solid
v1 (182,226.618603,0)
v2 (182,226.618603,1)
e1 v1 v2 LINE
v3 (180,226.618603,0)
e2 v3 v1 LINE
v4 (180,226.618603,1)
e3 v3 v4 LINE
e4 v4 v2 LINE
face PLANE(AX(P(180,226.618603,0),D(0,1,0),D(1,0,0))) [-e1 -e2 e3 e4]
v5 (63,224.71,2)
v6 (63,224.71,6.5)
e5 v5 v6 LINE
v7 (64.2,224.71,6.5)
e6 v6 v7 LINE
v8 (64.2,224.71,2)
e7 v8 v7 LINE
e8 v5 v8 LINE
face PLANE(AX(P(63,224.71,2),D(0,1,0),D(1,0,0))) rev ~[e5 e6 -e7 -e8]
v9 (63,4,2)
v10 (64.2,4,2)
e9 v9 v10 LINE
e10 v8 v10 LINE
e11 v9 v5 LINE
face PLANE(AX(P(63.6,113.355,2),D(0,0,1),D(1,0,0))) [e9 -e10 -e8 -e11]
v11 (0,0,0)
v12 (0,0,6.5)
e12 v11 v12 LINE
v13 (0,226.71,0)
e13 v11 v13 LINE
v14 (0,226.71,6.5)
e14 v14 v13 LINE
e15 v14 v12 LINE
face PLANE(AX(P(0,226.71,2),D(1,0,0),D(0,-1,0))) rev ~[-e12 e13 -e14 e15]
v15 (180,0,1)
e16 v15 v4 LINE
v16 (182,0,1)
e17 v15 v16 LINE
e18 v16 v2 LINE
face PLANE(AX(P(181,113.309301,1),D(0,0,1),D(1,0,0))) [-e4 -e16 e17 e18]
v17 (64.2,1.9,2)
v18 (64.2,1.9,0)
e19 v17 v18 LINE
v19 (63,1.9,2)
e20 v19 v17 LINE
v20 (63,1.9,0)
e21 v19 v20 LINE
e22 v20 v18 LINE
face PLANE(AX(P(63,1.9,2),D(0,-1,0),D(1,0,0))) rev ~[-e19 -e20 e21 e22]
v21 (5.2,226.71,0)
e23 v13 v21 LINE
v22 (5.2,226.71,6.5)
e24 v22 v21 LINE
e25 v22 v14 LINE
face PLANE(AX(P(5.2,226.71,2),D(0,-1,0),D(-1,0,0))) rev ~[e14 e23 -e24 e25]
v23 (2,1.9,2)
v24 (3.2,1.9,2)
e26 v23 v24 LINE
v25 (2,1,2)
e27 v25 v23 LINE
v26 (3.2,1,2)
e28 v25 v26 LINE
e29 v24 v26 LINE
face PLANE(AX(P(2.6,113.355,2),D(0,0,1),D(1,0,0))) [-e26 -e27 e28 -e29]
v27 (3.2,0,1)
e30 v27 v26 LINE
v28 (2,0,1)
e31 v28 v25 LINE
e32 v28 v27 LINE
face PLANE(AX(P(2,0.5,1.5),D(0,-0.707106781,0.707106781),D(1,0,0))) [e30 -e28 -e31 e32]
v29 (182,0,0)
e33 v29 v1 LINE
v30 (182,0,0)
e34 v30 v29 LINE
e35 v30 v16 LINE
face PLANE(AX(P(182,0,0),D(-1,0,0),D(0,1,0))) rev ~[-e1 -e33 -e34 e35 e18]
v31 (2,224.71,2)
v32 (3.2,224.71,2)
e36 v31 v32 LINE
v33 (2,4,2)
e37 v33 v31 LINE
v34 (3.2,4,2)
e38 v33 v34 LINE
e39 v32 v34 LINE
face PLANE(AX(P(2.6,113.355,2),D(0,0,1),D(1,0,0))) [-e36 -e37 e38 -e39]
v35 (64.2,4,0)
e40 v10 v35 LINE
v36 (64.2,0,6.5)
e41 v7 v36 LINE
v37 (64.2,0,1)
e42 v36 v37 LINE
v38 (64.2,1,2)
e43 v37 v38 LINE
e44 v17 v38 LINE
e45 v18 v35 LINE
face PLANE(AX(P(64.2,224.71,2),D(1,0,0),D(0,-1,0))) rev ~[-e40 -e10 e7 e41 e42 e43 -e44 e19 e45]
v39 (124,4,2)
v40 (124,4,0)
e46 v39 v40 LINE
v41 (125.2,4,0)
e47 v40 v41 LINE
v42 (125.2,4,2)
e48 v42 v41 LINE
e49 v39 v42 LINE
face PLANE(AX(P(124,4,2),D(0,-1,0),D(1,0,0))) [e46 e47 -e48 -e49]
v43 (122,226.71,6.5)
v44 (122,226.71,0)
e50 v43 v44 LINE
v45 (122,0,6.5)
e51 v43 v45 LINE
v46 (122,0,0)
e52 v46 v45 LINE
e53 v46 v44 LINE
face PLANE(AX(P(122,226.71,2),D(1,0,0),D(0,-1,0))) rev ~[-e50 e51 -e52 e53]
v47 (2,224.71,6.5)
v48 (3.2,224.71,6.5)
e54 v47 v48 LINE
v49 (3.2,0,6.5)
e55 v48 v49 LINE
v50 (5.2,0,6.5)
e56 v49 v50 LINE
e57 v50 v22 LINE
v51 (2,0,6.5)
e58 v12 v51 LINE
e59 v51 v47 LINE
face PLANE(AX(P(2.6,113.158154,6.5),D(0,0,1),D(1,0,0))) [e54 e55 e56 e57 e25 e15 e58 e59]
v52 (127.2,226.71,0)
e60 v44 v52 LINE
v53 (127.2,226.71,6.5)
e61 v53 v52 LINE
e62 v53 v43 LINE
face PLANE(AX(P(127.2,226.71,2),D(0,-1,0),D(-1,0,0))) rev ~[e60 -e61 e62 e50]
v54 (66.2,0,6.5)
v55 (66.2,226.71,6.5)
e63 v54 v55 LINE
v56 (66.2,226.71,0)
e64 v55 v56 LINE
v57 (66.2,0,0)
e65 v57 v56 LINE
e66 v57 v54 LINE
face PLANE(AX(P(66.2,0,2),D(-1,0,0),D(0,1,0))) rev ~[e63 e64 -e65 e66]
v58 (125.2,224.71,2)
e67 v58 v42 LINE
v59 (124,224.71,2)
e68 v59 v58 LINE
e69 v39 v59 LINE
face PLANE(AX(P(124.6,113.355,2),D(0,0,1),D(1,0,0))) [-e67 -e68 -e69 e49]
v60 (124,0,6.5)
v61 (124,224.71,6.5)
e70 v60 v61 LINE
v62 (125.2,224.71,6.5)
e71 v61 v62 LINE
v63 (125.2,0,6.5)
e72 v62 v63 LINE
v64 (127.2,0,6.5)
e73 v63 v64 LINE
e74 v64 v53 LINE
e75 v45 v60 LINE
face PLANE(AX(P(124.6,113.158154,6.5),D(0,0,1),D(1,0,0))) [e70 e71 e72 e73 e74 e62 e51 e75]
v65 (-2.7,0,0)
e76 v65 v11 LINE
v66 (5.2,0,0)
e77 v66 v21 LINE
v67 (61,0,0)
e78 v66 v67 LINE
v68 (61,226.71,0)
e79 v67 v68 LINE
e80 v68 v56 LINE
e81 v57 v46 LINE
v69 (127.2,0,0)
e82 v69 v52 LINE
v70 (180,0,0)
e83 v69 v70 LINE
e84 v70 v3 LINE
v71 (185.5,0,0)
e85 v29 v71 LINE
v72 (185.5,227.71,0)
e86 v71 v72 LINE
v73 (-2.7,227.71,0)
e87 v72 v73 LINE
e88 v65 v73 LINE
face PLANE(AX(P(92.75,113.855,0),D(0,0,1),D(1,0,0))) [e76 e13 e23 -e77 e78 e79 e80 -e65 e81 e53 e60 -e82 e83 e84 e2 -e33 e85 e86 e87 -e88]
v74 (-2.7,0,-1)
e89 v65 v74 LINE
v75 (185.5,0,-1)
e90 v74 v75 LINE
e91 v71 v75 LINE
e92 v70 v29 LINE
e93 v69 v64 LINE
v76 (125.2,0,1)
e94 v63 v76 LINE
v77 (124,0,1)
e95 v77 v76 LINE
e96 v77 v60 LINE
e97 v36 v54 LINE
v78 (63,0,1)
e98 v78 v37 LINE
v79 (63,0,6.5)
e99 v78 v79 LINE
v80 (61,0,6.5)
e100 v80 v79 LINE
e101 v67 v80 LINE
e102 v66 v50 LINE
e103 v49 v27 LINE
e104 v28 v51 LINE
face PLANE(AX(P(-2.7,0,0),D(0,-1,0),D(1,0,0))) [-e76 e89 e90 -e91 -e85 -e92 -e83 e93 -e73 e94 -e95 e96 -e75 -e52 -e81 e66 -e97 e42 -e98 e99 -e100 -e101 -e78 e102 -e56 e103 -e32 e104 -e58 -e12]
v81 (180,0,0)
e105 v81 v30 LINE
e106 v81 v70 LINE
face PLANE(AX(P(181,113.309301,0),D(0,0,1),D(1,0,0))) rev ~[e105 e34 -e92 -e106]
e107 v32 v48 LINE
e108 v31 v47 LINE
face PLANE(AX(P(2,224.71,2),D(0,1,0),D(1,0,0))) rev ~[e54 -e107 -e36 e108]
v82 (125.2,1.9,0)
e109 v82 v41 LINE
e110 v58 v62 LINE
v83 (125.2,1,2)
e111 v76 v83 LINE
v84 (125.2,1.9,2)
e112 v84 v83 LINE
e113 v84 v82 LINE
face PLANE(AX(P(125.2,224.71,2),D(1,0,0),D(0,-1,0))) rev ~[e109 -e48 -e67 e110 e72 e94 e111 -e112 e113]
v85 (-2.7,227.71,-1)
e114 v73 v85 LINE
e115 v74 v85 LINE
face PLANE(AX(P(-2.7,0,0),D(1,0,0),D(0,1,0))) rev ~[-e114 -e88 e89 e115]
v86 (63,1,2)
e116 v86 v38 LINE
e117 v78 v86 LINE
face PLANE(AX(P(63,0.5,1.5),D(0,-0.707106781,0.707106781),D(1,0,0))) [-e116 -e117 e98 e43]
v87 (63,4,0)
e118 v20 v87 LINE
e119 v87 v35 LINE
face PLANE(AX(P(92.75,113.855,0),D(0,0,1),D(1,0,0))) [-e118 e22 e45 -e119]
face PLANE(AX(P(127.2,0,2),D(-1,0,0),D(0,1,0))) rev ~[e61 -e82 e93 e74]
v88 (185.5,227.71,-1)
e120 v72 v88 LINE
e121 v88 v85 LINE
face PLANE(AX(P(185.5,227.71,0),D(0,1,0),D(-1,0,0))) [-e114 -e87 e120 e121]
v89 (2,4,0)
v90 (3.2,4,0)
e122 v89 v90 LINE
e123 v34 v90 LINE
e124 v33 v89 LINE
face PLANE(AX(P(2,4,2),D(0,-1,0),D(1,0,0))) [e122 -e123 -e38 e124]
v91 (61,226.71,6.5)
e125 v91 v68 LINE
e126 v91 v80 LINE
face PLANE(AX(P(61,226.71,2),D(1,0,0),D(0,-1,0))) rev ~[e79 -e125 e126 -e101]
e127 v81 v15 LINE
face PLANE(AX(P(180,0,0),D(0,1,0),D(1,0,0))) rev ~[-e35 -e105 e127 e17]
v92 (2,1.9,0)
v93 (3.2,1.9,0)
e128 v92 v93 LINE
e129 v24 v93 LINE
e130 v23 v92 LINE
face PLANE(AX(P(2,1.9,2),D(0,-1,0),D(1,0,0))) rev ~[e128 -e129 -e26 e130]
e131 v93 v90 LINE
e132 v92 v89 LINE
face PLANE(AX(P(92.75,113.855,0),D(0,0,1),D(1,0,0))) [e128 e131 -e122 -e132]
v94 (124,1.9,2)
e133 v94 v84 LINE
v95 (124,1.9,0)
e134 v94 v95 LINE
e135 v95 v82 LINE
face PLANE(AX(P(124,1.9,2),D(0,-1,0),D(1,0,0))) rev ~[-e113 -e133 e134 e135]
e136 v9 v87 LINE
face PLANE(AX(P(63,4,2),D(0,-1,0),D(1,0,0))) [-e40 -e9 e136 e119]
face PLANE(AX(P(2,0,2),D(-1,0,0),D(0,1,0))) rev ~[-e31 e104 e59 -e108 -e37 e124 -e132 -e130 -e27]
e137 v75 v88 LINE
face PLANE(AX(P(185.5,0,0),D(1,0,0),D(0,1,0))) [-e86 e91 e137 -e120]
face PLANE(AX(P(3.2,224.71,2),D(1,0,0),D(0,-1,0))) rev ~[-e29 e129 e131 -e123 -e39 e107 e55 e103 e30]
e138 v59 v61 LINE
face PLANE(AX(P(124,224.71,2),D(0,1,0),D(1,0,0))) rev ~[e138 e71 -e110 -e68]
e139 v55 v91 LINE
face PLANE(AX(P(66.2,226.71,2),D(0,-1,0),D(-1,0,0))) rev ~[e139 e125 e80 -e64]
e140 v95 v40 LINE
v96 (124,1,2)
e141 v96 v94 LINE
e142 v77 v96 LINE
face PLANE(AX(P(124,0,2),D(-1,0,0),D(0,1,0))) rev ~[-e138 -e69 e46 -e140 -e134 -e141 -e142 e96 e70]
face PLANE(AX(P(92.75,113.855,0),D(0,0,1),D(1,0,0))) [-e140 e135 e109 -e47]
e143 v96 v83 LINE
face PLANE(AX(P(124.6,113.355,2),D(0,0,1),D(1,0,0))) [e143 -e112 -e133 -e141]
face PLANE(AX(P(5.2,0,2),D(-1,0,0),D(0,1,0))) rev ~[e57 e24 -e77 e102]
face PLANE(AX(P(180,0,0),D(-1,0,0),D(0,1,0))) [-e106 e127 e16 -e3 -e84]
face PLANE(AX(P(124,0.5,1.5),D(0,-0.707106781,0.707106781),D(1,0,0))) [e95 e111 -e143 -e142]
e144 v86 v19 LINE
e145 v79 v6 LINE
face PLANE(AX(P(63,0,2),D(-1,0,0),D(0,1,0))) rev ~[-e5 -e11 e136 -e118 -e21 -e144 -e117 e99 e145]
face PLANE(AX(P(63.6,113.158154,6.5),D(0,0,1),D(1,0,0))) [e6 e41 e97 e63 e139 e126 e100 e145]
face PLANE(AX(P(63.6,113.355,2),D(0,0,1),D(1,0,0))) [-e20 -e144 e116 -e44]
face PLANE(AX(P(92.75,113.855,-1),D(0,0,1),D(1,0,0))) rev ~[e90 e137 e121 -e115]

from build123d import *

# Parameters (mm, degrees)
F0_W     = 5.2
F0_H     = 226.71
F1_DEPTH = 2
F3_DEPTH = 4.5
F4_W     = 1.2
F4_H     = 2.1
F5_DEPTH = 25
F6_W     = 185.5
F6_H     = 227.71
F6_W_2   = 2.7
F7_DEPTH = 1
F8_W     = 2
F8_H     = 226.618603
F9_DEPTH = 1
F10_SIZE = 1


with BuildPart() as f1:
    # F0 (on Top) → F1 (new body)
    with BuildSketch(Plane.XY):
        with Locations((2.6, 113.355)):
            Rectangle(F0_W, F0_H)
        with Locations((63.6, 113.355)):
            Rectangle(F0_W, F0_H)
        with Locations((124.6, 113.355)):
            Rectangle(F0_W, F0_H)
    extrude(amount=F1_DEPTH)

    # F2 (on face) → F3 (join)
    with BuildSketch(Plane.XY.offset(2)):
        Polygon((0, 226.71), (0, 0), (2, 0), (2, 224.71), (3.2, 224.71), (3.2, 0), (5.2, 0), (5.2, 226.71), align=None)
        Polygon((61, 226.71), (61, 0), (63, 0), (63, 224.71), (64.2, 224.71), (64.2, 0), (66.2, 0), (66.2, 226.71), align=None)
        Polygon((122, 226.71), (122, 0), (124, 0), (124, 224.71), (125.2, 224.71), (125.2, 0), (127.2, 0), (127.2, 226.71), align=None)
    extrude(amount=F3_DEPTH)

    # F4 (on face) → F5 (cut)
    with BuildSketch(Plane.XY.offset(2)):
        with Locations((2.6, 2.95)):
            Rectangle(F4_W, F4_H)
        with Locations((63.6, 2.95)):
            Rectangle(F4_W, F4_H)
        with Locations((124.6, 2.95)):
            Rectangle(F4_W, F4_H)
    extrude(amount=-F5_DEPTH, mode=Mode.SUBTRACT)

    # F6 (on Top) → F7 (join)
    with BuildSketch(Plane.XY):
        with Locations((92.75, 113.855)):
            Rectangle(F6_W, F6_H)
        with Locations((-1.35, 113.855)):
            Rectangle(F6_W_2, F6_H)
    extrude(amount=-F7_DEPTH)

    # F8 (on face) → F9 (join)
    with BuildSketch(Plane.XY):
        with Locations((181, 113.309301)):
            Rectangle(F8_W, F8_H)
    extrude(amount=F9_DEPTH)

    # F10
    f10_edges = [f1.edges().sort_by_distance(p)[0] for p in [
        (2.6, 0, 2),
        (63.6, 0, 2),
        (124.6, 0, 2),
    ]]
    chamfer(f10_edges, length=F10_SIZE)


solid = f1.part
